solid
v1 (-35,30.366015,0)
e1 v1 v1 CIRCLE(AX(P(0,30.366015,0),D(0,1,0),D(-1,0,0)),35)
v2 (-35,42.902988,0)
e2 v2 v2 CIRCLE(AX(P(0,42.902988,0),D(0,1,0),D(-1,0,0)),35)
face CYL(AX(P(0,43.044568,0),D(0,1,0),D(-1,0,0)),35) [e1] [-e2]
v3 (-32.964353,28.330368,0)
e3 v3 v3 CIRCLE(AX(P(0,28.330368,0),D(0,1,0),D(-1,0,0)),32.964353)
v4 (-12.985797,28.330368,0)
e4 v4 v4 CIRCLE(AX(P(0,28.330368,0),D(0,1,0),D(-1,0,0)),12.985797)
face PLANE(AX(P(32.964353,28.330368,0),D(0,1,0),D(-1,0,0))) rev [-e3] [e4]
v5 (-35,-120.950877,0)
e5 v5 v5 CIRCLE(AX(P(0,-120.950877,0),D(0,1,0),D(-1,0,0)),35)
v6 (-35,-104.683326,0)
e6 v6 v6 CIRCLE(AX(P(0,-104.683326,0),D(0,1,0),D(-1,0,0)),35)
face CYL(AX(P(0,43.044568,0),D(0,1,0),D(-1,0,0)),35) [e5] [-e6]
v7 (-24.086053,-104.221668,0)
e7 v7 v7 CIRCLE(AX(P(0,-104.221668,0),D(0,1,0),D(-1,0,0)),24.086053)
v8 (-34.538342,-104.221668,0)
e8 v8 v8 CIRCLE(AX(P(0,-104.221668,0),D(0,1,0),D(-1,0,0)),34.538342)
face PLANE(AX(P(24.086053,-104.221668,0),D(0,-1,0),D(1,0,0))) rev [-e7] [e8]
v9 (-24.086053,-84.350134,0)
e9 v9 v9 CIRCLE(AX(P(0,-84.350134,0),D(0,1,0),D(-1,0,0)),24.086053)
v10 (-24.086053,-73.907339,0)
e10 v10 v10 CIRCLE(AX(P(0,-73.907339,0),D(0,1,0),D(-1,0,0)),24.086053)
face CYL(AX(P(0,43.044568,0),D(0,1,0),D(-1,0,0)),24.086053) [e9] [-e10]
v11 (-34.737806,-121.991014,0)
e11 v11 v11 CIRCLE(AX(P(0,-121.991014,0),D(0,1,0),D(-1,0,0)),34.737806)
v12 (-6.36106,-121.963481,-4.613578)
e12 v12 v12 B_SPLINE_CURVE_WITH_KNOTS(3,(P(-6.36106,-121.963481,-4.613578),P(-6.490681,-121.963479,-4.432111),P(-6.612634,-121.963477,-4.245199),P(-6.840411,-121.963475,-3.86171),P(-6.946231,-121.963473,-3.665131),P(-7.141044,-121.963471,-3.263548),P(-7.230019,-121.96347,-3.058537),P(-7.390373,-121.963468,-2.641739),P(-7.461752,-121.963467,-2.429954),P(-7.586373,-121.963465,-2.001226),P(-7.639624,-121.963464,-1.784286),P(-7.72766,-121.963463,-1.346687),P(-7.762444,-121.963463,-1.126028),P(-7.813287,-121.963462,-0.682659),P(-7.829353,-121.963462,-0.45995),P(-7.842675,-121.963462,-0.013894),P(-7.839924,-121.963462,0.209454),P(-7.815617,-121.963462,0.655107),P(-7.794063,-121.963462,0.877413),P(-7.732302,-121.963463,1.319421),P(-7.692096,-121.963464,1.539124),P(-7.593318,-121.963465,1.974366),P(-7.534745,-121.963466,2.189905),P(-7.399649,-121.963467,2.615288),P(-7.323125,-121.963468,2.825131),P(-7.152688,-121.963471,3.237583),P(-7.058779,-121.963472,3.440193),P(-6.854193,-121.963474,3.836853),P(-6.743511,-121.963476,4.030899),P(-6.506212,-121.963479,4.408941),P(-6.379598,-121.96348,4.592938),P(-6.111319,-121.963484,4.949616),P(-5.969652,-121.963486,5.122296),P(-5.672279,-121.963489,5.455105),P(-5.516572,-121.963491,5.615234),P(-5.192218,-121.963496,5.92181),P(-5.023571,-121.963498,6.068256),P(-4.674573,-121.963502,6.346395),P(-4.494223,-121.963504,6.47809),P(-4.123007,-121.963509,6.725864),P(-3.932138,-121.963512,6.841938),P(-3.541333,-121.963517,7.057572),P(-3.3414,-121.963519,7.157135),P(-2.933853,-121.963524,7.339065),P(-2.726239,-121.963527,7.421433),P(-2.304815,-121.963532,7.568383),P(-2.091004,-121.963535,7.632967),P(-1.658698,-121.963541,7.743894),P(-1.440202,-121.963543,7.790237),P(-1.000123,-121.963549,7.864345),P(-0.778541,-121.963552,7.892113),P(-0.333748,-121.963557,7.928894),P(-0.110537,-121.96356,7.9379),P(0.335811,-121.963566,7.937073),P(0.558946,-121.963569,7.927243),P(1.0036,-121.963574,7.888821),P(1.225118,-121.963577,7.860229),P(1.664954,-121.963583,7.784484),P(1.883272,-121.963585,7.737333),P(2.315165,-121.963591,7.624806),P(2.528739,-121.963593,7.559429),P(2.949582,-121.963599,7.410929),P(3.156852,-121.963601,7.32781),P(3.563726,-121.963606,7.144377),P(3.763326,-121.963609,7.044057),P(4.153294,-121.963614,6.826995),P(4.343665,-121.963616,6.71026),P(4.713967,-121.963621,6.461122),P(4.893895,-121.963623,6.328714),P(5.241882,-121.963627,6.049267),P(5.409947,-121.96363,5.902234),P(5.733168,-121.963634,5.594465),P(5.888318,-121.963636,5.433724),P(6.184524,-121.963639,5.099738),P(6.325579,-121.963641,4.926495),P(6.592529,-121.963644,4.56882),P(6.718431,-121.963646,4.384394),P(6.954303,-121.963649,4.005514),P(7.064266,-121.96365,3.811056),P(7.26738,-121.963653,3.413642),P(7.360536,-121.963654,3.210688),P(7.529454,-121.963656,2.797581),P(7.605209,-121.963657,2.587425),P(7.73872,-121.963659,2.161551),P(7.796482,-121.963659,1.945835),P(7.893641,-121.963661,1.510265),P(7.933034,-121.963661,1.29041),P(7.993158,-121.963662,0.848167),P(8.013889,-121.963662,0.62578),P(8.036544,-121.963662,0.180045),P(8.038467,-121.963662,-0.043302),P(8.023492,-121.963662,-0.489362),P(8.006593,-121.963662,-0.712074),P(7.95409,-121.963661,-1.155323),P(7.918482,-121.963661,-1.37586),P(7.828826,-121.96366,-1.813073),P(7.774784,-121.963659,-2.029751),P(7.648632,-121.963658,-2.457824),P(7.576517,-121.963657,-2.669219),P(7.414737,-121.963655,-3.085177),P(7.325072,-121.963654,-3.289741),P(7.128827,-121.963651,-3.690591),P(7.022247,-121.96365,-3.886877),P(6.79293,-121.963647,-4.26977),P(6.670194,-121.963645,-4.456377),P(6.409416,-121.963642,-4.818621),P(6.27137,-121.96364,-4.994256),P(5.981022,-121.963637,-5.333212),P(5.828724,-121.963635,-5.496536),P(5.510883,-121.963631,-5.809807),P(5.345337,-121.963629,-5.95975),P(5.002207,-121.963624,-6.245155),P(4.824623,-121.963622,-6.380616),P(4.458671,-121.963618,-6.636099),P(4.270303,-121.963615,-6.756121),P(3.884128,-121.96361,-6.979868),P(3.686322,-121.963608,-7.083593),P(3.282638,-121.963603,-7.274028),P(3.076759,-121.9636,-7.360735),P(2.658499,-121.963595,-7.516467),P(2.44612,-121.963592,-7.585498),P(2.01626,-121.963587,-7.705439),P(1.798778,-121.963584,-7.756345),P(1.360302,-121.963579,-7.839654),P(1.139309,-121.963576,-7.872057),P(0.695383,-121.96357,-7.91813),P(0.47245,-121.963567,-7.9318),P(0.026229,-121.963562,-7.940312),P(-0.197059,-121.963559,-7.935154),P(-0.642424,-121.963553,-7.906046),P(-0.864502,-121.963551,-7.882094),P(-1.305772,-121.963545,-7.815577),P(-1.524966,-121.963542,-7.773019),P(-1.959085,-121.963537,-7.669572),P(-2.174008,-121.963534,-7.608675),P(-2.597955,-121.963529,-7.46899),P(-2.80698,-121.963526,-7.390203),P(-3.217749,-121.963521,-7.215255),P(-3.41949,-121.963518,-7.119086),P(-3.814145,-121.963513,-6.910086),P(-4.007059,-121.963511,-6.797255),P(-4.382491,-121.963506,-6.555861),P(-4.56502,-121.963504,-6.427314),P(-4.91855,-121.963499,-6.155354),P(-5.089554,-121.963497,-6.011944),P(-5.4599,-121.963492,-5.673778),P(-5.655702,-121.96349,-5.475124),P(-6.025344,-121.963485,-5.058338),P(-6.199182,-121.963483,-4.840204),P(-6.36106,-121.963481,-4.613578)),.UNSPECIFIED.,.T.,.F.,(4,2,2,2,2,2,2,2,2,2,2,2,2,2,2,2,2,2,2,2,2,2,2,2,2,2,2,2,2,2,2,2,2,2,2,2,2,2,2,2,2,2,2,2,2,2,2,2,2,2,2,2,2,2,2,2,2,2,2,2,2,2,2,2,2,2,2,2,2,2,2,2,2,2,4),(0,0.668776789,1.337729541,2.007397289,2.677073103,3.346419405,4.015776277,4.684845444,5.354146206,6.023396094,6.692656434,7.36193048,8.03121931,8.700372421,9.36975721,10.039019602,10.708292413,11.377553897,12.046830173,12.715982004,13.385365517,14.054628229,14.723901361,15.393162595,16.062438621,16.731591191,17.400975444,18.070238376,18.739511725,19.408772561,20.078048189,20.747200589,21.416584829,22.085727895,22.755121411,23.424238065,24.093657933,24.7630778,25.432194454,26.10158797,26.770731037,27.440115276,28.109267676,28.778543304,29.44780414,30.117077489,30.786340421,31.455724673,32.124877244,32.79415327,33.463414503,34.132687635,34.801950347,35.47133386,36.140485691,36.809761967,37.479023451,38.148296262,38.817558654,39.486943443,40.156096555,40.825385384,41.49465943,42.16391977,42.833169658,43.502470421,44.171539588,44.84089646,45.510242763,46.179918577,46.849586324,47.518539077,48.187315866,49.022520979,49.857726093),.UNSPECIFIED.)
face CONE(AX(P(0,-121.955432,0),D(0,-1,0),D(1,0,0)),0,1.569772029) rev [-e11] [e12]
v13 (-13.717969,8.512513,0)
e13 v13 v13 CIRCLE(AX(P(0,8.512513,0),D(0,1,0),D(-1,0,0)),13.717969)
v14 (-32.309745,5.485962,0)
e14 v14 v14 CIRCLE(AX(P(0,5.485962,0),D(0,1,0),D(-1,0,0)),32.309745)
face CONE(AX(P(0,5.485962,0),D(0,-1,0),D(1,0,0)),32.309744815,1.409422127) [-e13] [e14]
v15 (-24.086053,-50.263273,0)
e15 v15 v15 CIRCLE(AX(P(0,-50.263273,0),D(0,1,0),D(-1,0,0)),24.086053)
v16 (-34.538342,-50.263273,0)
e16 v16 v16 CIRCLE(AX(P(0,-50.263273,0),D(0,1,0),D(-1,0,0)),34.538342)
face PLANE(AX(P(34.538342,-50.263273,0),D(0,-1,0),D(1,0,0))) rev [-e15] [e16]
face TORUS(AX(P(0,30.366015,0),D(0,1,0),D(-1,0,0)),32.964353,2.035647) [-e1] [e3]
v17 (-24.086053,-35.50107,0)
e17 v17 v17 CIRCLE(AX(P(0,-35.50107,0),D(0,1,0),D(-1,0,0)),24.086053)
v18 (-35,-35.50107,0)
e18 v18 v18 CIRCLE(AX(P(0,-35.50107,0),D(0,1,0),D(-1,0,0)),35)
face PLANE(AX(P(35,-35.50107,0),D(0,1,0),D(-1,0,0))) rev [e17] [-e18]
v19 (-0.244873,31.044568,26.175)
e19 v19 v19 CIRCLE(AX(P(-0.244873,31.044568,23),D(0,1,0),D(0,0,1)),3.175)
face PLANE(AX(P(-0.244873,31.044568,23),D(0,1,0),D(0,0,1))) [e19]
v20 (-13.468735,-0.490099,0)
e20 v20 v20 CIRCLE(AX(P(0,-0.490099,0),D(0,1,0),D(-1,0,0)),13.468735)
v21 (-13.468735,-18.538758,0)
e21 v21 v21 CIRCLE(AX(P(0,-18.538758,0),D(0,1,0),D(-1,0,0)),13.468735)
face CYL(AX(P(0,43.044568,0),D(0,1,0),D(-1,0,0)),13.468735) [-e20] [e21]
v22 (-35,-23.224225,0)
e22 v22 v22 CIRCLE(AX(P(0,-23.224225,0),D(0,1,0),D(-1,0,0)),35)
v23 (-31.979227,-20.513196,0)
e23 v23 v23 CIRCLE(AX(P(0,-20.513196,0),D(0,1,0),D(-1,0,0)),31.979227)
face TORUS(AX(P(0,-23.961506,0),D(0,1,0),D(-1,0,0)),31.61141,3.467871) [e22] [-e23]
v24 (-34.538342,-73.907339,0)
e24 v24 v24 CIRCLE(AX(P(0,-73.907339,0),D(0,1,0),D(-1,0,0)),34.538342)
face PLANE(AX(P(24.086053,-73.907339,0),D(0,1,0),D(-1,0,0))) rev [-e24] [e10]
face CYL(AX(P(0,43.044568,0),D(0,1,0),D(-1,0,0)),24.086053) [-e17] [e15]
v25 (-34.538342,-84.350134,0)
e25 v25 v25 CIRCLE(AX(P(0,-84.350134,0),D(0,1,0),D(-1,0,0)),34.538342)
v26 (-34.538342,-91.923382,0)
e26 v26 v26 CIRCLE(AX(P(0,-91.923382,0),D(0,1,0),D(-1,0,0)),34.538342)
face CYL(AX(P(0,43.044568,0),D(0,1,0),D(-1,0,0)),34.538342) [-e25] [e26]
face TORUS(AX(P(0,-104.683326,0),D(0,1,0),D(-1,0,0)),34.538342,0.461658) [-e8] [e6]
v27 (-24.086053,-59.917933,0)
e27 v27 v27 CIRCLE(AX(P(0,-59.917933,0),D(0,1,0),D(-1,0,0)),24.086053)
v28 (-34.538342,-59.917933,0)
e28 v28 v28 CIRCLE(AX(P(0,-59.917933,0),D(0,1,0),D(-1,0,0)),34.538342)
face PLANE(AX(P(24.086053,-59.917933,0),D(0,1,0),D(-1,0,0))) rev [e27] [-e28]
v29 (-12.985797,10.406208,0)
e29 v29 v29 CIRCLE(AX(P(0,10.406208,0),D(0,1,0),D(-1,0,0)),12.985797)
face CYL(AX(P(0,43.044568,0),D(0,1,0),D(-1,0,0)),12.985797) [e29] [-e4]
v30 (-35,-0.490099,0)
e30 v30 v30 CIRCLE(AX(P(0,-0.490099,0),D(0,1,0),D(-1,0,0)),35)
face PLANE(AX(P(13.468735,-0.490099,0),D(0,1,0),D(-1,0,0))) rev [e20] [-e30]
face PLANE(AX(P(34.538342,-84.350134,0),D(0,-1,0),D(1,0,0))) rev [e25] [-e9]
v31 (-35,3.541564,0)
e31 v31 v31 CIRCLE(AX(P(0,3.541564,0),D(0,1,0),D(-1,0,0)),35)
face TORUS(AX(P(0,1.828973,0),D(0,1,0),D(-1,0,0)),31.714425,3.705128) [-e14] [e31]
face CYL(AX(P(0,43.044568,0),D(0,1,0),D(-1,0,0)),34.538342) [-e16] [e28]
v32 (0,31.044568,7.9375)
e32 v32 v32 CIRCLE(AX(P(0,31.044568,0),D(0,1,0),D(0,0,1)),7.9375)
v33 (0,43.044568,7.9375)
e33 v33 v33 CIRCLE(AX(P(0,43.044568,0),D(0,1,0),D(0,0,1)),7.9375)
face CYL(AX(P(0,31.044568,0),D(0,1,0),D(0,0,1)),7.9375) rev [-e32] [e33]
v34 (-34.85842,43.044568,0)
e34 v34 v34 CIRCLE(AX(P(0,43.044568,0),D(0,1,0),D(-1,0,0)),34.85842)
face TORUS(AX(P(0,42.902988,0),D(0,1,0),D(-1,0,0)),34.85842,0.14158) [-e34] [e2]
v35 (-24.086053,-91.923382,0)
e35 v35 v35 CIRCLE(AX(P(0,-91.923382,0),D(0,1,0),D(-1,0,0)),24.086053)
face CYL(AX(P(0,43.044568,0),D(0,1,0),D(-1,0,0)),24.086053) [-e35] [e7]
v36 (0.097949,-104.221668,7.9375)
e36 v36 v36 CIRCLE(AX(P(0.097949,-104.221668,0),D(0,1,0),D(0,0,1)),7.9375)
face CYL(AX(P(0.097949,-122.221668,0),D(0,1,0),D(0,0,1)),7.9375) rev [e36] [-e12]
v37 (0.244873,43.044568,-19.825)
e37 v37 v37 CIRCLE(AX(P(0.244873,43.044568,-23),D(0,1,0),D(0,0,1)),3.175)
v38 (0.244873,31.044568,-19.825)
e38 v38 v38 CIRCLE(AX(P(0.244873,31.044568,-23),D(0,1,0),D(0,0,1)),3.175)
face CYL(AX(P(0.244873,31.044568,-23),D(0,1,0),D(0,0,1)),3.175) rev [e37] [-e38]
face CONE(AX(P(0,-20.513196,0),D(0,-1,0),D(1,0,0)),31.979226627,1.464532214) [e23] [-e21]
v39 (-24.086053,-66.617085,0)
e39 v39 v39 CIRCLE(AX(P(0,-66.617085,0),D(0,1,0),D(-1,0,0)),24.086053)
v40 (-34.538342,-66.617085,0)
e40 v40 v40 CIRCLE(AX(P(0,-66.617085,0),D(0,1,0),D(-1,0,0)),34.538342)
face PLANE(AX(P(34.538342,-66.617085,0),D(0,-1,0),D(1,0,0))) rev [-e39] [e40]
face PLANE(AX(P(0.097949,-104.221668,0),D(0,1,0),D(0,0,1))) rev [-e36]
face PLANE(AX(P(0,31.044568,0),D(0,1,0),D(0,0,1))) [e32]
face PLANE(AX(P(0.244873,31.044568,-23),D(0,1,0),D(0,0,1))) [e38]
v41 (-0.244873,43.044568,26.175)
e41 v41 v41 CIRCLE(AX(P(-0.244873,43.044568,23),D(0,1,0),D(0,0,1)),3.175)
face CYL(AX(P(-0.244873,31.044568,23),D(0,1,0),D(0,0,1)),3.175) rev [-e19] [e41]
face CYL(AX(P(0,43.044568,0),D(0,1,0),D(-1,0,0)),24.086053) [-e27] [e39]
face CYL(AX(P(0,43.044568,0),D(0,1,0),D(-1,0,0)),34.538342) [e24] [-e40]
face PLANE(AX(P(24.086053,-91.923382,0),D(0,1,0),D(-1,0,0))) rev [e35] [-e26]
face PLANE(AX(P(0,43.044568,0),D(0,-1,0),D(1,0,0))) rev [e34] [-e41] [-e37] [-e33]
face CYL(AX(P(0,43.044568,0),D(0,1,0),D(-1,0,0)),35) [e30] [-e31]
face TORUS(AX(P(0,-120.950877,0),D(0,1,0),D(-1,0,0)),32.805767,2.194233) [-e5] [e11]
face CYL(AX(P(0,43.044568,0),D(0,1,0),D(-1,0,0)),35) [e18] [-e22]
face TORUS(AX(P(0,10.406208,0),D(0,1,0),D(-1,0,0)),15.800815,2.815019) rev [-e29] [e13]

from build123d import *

# Parameters (mm, degrees)
CROQUIS2_R            = 3.175
CORTAR_EXTRUIR2_DEPTH = 12
CROQUIS5_R            = 7.9375
CORTAR_EXTRUIR3_DEPTH = 18
CROQUIS6_R            = 7.9375
CORTAR_EXTRUIR4_DEPTH = 12


with BuildPart() as part:
    # Croquis1 → Revolución3 (revolve)
    with BuildSketch(Plane.XY, mode=Mode.PRIVATE) as revoluci_n3_sk:
        with BuildLine():
            Line((0, 43.044568245), (34.858419682, 43.044568245))
            ThreePointArc((34.858419682, 43.044568245), (34.958532085, 43.00310033), (35, 42.902987927))
            Line((35, 42.902987927), (35, 30.36601493))
            ThreePointArc((35, 30.36601493), (34.403772828, 28.926595206), (32.964353105, 28.330368034))
            Line((32.964353105, 28.330368034), (12.985796912, 28.330368034))
            Line((12.985796912, 28.330368034), (12.985796912, 10.406207601))
            ThreePointArc((12.985796912, 10.406207601), (13.175212613, 9.391052882), (13.717969076, 8.512512712))
            Line((13.717969076, 8.512512712), (32.309744815, 5.485961945))
            ThreePointArc((32.309744815, 5.485961945), (33.884795273, 4.831882369), (35, 3.541563627))
            Line((35, 3.541563627), (35, -0.490098714))
            Line((35, -0.490098714), (13.468735488, -0.490098714))
            Line((13.468735488, -0.490098714), (13.468735488, -18.538757946))
            Line((13.468735488, -18.538757946), (31.979226627, -20.513196287))
            ThreePointArc((31.979226627, -20.513196287), (33.927671218, -21.380602851), (35, -23.224224681))
            Line((35, -23.224224681), (35, -35.501069654))
            Line((35, -35.501069654), (24.086053365, -35.501069654))
            Line((24.086053365, -35.501069654), (24.086053365, -50.263273296))
            Line((24.086053365, -50.263273296), (34.538342083, -50.263273296))
            Line((34.538342083, -50.263273296), (34.538342083, -59.917933312))
            Line((34.538342083, -59.917933312), (24.086053365, -59.917933312))
            Line((24.086053365, -59.917933312), (24.086053365, -66.61708516))
            Line((24.086053365, -66.61708516), (34.538342083, -66.61708516))
            Line((34.538342083, -66.61708516), (34.538342083, -73.907338641))
            Line((34.538342083, -73.907338641), (24.086053365, -73.907338641))
            Line((24.086053365, -73.907338641), (24.086053365, -84.350134169))
            Line((24.086053365, -84.350134169), (34.538342083, -84.350134169))
            Line((34.538342083, -84.350134169), (34.538342083, -91.92338166))
            Line((34.538342083, -91.92338166), (24.086053365, -91.92338166))
            Line((24.086053365, -91.92338166), (24.086053365, -104.221668074))
            Line((24.086053365, -104.221668074), (34.538342083, -104.221668074))
            ThreePointArc((34.538342083, -104.221668074), (34.864783527, -104.356884547), (35, -104.683325991))
            Line((35, -104.683325991), (35, -120.950877143))
            ThreePointArc((35, -120.950877143), (34.933442046, -121.487214162), (34.737806004, -121.991013624))
            Line((34.737806004, -121.991013624), (0, -121.955431755))
            Line((0, -121.955431755), (0, 43.044568245))
        make_face()
    revolve(revoluci_n3_sk.sketch.rotate(Axis((0, 43.044568245, 0), (0, -1, 0)), 180), axis=Axis((0, 43.044568245, 0), (0, -1, 0)))

    # Croquis2 → Cortar-Extruir2 (cut)
    with BuildSketch(Plane(origin=(0, 43.044568245, 0), x_dir=(1, 0, 0), z_dir=(0, 1, 0))):
        with Locations(Location((-0.244873022, -23, 0), (0, 0, 270))):
            Circle(CROQUIS2_R)
        with Locations(Location((0.244873022, 23, 0), (0, 0, 270))):
            Circle(CROQUIS2_R)
    extrude(amount=-CORTAR_EXTRUIR2_DEPTH, mode=Mode.SUBTRACT)

    # Croquis5 → Cortar-Extruir3 (cut)
    with BuildSketch(Plane(origin=(0, -104.221668074, 0), x_dir=(1, 0, 0), z_dir=(0, 1, 0))):
        with Locations(Location((0.097949209, 0, 0), (0, 0, 270))):
            Circle(CROQUIS5_R)
    extrude(amount=-CORTAR_EXTRUIR3_DEPTH, mode=Mode.SUBTRACT)

    # Croquis6 → Cortar-Extruir4 (cut)
    with BuildSketch(Plane(origin=(0, 43.044568245, 0), x_dir=(1, 0, 0), z_dir=(0, 1, 0))):
        with Locations(Location((0, 0, 0), (0, 0, 270))):
            Circle(CROQUIS6_R)
    extrude(amount=-CORTAR_EXTRUIR4_DEPTH, mode=Mode.SUBTRACT)


solid = part.part
